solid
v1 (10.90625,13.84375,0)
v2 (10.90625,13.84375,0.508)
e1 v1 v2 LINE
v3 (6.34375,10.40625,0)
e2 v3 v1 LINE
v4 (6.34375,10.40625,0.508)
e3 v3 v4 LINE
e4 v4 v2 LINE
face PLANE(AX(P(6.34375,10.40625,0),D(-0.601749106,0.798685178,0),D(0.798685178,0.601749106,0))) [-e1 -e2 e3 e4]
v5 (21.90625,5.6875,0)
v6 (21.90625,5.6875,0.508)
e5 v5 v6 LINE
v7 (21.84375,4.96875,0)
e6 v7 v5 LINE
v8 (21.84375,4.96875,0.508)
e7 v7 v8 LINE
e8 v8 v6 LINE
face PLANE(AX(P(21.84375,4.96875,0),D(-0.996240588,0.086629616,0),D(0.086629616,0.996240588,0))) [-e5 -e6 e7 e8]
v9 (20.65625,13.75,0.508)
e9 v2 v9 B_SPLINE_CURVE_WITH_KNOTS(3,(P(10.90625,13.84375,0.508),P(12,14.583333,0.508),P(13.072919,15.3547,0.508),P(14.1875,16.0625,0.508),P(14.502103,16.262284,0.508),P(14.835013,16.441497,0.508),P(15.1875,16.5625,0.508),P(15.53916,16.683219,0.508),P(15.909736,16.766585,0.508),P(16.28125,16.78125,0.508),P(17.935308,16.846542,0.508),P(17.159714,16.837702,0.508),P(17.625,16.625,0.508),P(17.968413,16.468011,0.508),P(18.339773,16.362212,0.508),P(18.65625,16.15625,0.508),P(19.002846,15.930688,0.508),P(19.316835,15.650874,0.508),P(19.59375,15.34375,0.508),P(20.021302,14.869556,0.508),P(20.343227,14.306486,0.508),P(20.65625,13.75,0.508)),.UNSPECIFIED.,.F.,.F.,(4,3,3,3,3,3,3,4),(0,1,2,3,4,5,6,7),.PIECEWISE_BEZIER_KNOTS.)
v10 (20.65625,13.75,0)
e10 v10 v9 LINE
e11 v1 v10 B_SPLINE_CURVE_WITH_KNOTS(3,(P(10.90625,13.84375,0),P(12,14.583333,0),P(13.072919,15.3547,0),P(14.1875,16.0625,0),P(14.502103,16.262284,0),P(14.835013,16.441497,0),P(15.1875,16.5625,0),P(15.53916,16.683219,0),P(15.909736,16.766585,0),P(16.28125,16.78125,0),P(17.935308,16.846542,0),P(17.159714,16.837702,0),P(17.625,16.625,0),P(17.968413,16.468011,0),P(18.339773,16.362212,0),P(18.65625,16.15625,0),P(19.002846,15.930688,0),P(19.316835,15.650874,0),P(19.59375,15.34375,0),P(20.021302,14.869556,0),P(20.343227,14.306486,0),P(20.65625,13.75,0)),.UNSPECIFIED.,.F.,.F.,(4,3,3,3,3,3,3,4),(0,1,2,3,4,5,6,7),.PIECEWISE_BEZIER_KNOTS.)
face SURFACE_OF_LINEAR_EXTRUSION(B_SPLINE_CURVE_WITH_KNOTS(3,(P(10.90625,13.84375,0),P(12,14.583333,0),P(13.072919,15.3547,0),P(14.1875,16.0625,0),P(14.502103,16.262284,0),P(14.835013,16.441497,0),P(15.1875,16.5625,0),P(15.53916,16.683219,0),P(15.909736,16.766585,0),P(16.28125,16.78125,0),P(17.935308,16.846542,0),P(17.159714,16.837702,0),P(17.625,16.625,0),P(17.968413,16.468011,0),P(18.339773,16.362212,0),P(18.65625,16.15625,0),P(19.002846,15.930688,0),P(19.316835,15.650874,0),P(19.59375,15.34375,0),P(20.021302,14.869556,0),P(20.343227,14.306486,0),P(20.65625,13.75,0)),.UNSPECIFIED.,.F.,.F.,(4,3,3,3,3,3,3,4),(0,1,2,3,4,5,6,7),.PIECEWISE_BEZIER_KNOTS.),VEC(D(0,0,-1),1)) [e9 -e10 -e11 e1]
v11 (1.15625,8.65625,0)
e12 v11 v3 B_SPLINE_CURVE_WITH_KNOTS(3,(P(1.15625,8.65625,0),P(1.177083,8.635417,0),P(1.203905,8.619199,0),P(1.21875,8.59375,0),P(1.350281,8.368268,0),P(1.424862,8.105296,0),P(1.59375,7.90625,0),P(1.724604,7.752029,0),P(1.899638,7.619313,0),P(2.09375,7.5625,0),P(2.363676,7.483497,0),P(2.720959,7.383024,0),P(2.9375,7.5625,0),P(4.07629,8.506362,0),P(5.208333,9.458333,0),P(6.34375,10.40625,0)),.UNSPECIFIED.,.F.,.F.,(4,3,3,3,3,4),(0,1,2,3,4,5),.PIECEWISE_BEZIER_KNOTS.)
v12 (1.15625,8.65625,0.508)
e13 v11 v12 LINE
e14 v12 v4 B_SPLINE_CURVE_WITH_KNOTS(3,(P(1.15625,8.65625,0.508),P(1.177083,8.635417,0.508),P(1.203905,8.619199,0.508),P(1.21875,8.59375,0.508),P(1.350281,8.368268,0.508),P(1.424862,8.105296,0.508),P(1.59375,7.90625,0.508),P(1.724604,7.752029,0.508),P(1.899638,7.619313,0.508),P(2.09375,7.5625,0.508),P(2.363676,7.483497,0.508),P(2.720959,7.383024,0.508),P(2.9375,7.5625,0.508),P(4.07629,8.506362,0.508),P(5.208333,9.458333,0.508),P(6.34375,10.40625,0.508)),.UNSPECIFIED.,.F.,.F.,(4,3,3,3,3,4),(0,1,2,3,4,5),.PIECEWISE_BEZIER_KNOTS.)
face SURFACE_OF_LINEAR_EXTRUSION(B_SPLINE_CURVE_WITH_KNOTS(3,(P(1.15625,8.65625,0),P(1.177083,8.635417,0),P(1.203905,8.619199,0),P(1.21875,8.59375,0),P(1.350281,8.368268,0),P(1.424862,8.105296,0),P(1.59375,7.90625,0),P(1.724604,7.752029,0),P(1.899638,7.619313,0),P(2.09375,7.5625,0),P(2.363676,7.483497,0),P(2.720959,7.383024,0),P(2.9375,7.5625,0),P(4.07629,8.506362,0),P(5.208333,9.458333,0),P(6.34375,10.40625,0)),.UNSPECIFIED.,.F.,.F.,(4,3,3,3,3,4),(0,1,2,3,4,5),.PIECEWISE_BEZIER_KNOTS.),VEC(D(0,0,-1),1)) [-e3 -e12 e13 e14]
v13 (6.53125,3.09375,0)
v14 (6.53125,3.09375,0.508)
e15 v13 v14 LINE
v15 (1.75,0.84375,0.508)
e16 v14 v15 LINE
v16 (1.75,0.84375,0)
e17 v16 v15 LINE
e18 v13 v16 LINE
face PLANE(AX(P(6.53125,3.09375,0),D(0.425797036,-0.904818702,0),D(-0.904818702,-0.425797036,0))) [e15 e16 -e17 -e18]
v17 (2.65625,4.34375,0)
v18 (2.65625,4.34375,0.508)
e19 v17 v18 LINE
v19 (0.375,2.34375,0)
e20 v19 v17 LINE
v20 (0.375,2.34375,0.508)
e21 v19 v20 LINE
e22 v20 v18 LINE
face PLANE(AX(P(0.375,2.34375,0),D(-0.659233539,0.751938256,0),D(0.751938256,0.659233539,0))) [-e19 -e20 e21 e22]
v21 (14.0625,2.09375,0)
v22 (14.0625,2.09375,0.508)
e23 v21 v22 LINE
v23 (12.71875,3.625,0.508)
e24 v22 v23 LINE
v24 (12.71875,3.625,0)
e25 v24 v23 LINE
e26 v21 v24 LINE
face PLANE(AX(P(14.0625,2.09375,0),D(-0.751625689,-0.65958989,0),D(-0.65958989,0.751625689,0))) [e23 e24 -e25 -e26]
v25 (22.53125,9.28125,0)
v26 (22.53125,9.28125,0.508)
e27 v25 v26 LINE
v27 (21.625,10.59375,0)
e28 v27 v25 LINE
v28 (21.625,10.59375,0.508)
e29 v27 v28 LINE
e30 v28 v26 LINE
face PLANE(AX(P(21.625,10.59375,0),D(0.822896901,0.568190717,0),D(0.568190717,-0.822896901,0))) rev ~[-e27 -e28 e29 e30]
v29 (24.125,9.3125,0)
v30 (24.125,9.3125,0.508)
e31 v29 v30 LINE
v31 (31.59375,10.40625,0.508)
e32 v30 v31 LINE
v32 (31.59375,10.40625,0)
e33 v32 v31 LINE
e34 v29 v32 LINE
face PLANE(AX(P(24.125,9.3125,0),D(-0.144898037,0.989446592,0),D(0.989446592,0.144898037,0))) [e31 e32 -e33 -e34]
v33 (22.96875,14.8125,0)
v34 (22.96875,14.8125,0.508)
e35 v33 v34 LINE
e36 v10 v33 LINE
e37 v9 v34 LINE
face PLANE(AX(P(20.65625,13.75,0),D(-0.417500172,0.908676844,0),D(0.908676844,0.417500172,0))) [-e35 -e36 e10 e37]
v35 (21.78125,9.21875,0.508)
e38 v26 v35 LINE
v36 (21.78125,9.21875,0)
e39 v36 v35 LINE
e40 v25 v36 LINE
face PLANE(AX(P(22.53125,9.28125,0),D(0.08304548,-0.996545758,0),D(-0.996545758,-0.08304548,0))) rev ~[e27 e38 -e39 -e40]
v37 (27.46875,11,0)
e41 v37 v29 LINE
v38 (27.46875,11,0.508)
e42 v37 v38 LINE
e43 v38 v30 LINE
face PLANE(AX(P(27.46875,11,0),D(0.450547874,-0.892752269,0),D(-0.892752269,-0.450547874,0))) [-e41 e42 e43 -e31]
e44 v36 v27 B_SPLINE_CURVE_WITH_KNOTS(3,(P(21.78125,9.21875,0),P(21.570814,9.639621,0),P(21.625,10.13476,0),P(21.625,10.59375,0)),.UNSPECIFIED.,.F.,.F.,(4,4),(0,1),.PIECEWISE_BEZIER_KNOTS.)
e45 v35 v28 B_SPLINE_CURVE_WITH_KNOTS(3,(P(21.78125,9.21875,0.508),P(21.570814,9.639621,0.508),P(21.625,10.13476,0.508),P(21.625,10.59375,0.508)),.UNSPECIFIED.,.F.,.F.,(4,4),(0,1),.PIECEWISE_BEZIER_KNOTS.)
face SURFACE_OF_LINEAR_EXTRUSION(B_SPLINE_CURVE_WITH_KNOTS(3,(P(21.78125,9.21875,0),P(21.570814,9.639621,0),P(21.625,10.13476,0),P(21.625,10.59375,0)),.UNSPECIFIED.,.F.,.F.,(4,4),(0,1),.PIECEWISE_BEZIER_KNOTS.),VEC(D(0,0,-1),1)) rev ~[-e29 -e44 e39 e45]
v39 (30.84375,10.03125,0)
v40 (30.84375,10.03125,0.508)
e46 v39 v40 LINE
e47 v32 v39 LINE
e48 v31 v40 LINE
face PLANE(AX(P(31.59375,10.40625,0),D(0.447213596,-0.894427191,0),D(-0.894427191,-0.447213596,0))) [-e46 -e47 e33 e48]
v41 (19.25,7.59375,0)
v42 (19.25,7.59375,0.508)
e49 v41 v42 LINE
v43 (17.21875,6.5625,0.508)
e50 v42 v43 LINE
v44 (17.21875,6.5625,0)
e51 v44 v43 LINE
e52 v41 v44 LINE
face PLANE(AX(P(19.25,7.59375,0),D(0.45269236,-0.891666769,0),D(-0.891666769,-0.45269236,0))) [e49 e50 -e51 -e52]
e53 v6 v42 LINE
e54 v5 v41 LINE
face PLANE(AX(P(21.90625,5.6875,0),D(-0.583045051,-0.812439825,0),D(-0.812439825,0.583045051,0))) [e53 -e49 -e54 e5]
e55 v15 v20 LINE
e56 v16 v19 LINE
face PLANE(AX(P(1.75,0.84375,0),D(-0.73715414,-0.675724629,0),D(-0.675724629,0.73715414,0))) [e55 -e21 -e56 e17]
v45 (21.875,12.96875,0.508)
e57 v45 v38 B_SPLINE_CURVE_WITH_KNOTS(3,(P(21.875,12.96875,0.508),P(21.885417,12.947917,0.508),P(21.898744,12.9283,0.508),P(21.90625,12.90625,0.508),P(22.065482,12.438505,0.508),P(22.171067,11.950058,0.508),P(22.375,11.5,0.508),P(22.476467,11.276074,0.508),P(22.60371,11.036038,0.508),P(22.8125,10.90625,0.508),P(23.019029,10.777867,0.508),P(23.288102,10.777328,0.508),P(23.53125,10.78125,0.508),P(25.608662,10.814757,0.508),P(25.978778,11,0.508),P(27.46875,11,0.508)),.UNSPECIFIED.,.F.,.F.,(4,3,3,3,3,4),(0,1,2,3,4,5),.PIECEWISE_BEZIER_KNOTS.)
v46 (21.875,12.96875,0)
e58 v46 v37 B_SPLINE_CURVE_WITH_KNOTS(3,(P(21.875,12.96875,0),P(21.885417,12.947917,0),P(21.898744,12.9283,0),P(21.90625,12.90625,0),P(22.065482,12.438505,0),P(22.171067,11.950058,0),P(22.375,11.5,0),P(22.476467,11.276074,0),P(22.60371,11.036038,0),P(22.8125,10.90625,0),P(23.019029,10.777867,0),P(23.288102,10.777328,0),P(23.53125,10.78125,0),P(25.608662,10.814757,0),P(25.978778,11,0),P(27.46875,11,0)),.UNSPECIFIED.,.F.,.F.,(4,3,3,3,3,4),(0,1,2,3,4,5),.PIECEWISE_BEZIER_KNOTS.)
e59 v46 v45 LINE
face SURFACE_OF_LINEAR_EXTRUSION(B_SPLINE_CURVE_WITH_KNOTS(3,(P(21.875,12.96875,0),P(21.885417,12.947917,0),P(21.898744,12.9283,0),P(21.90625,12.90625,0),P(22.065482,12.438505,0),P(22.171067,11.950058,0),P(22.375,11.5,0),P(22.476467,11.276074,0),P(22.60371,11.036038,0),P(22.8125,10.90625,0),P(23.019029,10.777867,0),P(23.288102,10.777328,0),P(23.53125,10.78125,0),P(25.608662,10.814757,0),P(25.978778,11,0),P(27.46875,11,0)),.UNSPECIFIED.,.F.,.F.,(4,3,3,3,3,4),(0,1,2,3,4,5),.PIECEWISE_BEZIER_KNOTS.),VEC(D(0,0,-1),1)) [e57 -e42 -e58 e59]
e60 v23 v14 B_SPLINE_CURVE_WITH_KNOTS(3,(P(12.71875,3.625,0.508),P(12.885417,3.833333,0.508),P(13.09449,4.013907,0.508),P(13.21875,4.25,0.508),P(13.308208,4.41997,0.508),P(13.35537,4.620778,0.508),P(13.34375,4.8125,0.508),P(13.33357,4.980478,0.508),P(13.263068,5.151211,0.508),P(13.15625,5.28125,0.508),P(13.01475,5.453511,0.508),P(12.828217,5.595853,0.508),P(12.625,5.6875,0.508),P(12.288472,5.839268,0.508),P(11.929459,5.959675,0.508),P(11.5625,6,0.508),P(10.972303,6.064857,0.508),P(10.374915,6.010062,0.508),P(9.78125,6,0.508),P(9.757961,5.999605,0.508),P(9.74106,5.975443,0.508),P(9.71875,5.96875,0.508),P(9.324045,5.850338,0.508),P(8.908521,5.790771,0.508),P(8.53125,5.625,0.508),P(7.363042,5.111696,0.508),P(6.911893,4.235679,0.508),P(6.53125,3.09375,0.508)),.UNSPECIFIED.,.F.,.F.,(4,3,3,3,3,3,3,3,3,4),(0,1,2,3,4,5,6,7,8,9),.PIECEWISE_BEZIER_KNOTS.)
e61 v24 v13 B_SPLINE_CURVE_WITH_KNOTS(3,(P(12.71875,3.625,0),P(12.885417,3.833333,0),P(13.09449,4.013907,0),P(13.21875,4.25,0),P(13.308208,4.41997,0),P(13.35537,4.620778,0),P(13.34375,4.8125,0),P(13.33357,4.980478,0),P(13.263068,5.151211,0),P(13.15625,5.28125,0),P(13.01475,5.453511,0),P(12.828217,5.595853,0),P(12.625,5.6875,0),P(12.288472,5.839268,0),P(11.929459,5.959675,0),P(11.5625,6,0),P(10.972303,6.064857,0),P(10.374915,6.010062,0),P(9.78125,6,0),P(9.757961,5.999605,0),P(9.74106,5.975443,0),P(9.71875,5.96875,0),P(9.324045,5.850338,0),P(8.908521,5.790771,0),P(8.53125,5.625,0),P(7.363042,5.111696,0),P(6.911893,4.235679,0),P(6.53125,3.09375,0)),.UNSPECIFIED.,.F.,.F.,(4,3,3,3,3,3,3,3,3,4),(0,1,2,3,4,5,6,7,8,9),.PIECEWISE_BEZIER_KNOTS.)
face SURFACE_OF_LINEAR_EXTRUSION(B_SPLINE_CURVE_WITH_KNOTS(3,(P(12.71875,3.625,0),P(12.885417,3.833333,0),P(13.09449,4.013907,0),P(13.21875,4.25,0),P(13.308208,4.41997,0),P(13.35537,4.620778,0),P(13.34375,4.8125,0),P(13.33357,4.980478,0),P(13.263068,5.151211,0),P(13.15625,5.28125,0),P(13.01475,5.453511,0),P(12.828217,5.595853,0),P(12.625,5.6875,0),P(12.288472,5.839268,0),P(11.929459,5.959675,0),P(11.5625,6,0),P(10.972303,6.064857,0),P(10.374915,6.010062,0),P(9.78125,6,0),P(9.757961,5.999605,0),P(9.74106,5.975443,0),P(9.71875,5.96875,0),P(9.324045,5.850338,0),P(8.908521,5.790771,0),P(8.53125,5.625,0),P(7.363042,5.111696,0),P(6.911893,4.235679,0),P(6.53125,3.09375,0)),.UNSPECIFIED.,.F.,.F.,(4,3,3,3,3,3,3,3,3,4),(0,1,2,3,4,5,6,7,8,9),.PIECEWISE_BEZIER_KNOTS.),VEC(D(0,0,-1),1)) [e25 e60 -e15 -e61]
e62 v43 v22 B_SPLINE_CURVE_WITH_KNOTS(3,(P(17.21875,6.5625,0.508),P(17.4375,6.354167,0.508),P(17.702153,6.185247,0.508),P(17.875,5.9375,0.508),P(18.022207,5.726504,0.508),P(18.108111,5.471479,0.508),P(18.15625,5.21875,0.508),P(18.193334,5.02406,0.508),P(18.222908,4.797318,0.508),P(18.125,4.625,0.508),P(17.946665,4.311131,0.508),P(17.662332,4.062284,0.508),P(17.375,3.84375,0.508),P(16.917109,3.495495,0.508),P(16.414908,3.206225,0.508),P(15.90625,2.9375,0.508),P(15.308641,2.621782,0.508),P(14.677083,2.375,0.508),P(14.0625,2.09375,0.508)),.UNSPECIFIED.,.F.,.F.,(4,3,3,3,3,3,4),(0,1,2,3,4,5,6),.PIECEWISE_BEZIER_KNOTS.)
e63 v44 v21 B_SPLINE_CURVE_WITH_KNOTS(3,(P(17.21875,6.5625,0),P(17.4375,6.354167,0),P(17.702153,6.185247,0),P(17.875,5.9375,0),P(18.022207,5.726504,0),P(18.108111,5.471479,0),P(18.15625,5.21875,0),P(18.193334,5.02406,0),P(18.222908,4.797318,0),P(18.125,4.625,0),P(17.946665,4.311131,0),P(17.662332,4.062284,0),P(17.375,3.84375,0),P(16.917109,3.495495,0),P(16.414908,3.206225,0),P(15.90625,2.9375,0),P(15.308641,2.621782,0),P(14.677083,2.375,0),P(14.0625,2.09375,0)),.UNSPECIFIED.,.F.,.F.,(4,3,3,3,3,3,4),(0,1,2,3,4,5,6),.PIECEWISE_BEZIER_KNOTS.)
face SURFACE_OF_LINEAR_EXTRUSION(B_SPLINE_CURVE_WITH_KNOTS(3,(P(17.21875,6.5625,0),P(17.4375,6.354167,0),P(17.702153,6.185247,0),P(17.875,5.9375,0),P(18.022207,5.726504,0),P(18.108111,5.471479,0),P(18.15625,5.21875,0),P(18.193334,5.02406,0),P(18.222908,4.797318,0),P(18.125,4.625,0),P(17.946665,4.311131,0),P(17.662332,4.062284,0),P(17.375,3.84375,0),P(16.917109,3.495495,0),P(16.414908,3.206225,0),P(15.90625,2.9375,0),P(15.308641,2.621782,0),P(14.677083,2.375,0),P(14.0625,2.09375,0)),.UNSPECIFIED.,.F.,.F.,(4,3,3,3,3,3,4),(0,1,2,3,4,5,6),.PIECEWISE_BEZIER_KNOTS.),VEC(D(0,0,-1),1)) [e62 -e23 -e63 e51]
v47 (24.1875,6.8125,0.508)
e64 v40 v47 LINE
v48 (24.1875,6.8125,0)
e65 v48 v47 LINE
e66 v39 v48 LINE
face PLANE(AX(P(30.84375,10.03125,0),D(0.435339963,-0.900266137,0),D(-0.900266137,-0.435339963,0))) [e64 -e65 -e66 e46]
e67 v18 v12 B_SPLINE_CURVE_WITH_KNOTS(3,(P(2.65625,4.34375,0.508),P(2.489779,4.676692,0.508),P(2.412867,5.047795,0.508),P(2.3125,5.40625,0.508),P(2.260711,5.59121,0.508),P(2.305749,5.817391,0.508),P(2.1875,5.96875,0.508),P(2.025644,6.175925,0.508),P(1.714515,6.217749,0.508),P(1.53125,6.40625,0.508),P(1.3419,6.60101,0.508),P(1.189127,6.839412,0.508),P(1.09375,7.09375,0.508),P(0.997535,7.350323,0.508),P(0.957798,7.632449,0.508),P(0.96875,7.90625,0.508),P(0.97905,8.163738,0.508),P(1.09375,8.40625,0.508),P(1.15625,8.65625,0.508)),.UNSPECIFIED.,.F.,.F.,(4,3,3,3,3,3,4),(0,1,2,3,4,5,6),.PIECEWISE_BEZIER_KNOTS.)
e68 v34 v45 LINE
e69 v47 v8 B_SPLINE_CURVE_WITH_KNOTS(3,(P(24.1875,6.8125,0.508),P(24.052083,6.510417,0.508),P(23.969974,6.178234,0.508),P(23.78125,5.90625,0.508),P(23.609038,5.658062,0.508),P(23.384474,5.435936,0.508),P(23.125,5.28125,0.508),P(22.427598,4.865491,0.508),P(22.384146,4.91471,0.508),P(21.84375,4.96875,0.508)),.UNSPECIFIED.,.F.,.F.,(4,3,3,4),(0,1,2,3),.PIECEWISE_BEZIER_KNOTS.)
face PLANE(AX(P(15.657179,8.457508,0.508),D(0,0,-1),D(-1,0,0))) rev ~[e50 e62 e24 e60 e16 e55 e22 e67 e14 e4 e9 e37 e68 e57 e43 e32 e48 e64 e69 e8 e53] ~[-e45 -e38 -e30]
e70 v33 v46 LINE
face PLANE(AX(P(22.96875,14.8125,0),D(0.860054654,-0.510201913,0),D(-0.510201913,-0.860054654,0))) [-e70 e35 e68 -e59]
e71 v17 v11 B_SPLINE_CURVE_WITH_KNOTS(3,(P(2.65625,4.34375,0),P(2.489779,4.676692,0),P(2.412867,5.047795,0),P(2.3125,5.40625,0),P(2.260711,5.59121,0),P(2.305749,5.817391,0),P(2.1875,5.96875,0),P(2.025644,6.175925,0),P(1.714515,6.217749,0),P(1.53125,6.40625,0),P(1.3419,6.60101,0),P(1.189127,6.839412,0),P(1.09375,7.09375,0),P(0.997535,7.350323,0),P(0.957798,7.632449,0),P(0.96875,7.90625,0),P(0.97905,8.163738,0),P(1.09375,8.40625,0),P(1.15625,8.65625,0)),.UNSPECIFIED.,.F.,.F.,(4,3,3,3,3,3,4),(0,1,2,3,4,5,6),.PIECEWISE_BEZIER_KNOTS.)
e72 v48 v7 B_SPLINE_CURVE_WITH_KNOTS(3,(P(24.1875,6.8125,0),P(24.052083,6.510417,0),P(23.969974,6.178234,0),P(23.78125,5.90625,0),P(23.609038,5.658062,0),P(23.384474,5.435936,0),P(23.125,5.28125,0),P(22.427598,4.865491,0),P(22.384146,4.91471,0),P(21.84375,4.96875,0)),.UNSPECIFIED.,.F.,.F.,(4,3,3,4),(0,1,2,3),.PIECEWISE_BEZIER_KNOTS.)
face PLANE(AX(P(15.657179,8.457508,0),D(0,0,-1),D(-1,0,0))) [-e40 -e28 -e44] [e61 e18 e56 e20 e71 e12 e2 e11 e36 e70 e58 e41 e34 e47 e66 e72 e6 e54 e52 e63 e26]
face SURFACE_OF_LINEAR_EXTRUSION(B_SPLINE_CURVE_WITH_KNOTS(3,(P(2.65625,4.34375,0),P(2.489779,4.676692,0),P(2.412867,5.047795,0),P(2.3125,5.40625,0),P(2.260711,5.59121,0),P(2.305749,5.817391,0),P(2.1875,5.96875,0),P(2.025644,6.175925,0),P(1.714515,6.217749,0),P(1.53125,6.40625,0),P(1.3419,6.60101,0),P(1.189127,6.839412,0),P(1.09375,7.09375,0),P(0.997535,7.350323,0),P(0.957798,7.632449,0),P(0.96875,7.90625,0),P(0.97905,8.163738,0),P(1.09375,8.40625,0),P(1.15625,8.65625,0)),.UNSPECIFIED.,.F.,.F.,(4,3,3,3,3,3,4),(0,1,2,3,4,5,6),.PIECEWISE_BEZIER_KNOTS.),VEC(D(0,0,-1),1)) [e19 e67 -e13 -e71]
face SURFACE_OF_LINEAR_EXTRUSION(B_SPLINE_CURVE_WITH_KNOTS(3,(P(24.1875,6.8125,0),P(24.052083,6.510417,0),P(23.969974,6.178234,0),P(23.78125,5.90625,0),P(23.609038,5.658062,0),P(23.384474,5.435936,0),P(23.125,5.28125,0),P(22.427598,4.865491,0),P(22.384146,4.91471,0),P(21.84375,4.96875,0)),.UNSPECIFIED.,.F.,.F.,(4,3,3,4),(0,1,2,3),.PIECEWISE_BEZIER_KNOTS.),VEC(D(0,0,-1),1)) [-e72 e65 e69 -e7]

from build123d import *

# Parameters (mm, degrees)
BOSS_EXTRUDE2_DEPTH = 0.508


with BuildPart() as part:
    # Sketch1 → Boss-Extrude2 (new body)
    with BuildSketch(Plane.XY):
        with BuildLine():
            add(Edge.make_bspline(
                [(2.65625, 4.34375), (2.48977876, 4.676692479), (2.412867315, 5.047795303), (2.3125, 5.40625), (2.260711144, 5.5912102), (2.305749117, 5.81739113), (2.1875, 5.96875), (2.025644238, 6.175925375), (1.714515242, 6.217748608), (1.53125, 6.40625), (1.341900203, 6.601009792), (1.189126866, 6.839411691), (1.09375, 7.09375), (0.997535254, 7.350322657), (0.957797969, 7.632449236), (0.96875, 7.90625), (0.979049528, 8.163738193), (1.09375, 8.40625), (1.15625, 8.65625)],
                knots=[0, 0, 0, 0, 1, 1, 1, 2, 2, 2, 3, 3, 3, 4, 4, 4, 5, 5, 5, 6, 6, 6, 6], degree=3))
            add(Edge.make_bspline(
                [(1.15625, 8.65625), (1.177083333, 8.635416667), (1.203904558, 8.61919933), (1.21875, 8.59375), (1.350280955, 8.368268362), (1.424862413, 8.105296085), (1.59375, 7.90625), (1.724604477, 7.752028653), (1.899638232, 7.6193132), (2.09375, 7.5625), (2.363676146, 7.483497226), (2.720958822, 7.383024429), (2.9375, 7.5625), (4.076289716, 8.506361747), (5.208333333, 9.458333333), (6.34375, 10.40625)],
                knots=[0, 0, 0, 0, 1, 1, 1, 2, 2, 2, 3, 3, 3, 4, 4, 4, 5, 5, 5, 5], degree=3))
            Line((6.34375, 10.40625), (10.90625, 13.84375))
            add(Edge.make_bspline(
                [(10.90625, 13.84375), (12, 14.583333333), (13.07291853, 15.354700088), (14.1875, 16.0625), (14.502103045, 16.262284416), (14.835012901, 16.441496966), (15.1875, 16.5625), (15.539159987, 16.6832191), (15.909735823, 16.766584967), (16.28125, 16.78125), (17.935308389, 16.846541779), (17.159713529, 16.837702387), (17.625, 16.625), (17.968413184, 16.468011116), (18.339772547, 16.362211517), (18.65625, 16.15625), (19.002845723, 15.930687704), (19.316835055, 15.650873848), (19.59375, 15.34375), (20.021301944, 14.869556026), (20.343226514, 14.306486197), (20.65625, 13.75)],
                knots=[0, 0, 0, 0, 1, 1, 1, 2, 2, 2, 3, 3, 3, 4, 4, 4, 5, 5, 5, 6, 6, 6, 7, 7, 7, 7], degree=3))
            Line((20.65625, 13.75), (22.96875, 14.8125))
            Line((22.96875, 14.8125), (21.875, 12.96875))
            add(Edge.make_bspline(
                [(21.875, 12.96875), (21.885416667, 12.947916667), (21.898743711, 12.928299724), (21.90625, 12.90625), (22.065482439, 12.438504711), (22.171067492, 11.950057949), (22.375, 11.5), (22.476466528, 11.27607387), (22.60370986, 11.036038465), (22.8125, 10.90625), (23.019028808, 10.777867228), (23.288102093, 10.77732826), (23.53125, 10.78125), (25.608662384, 10.814756651), (25.978778222, 11), (27.46875, 11)],
                knots=[0, 0, 0, 0, 1, 1, 1, 2, 2, 2, 3, 3, 3, 4, 4, 4, 5, 5, 5, 5], degree=3))
            Line((27.46875, 11), (24.125, 9.3125))
            Line((24.125, 9.3125), (31.59375, 10.40625))
            Line((31.59375, 10.40625), (30.84375, 10.03125))
            Line((30.84375, 10.03125), (24.1875, 6.8125))
            add(Edge.make_bspline(
                [(24.1875, 6.8125), (24.052083333, 6.510416667), (23.969973698, 6.178234153), (23.78125, 5.90625), (23.609037866, 5.658061924), (23.384473565, 5.435936164), (23.125, 5.28125), (22.427598099, 4.865491174), (22.384146393, 4.914710361), (21.84375, 4.96875)],
                knots=[0, 0, 0, 0, 1, 1, 1, 2, 2, 2, 3, 3, 3, 3], degree=3))
            Line((21.84375, 4.96875), (21.90625, 5.6875))
            Line((21.90625, 5.6875), (19.25, 7.59375))
            Line((19.25, 7.59375), (17.21875, 6.5625))
            add(Edge.make_bspline(
                [(17.21875, 6.5625), (17.4375, 6.354166667), (17.702153476, 6.185246684), (17.875, 5.9375), (18.022206697, 5.726503734), (18.108111165, 5.471478884), (18.15625, 5.21875), (18.193333861, 5.02405973), (18.222908021, 4.797318117), (18.125, 4.625), (17.94666545, 4.311131192), (17.662331963, 4.062284169), (17.375, 3.84375), (16.917108738, 3.495494674), (16.41490808, 3.206225023), (15.90625, 2.9375), (15.308641074, 2.621782077), (14.677083333, 2.375), (14.0625, 2.09375)],
                knots=[0, 0, 0, 0, 1, 1, 1, 2, 2, 2, 3, 3, 3, 4, 4, 4, 5, 5, 5, 6, 6, 6, 6], degree=3))
            Line((14.0625, 2.09375), (12.71875, 3.625))
            add(Edge.make_bspline(
                [(12.71875, 3.625), (12.885416667, 3.833333333), (13.094490322, 4.013906612), (13.21875, 4.25), (13.308207707, 4.419969644), (13.355369519, 4.620777941), (13.34375, 4.8125), (13.333569504, 4.980478183), (13.263068013, 5.15121068), (13.15625, 5.28125), (13.014749824, 5.453511083), (12.828216756, 5.595853228), (12.625, 5.6875), (12.288471698, 5.839267666), (11.92945859, 5.95967488), (11.5625, 6), (10.972302868, 6.064856828), (10.374914734, 6.010062114), (9.78125, 6), (9.75796097, 5.999605271), (9.741060049, 5.975443015), (9.71875, 5.96875), (9.324044945, 5.850338483), (8.90852108, 5.790770626), (8.53125, 5.625), (7.363041987, 5.111696479), (6.911893138, 4.235679413), (6.53125, 3.09375)],
                knots=[0, 0, 0, 0, 1, 1, 1, 2, 2, 2, 3, 3, 3, 4, 4, 4, 5, 5, 5, 6, 6, 6, 7, 7, 7, 8, 8, 8, 9, 9, 9, 9], degree=3))
            Line((6.53125, 3.09375), (1.75, 0.84375))
            Line((1.75, 0.84375), (0.375, 2.34375))
            Line((0.375, 2.34375), (2.65625, 4.34375))
        make_face()
        with BuildLine():
            Line((22.53125, 9.28125), (21.78125, 9.21875))
            add(Edge.make_bspline(
                [(21.78125, 9.21875), (21.570814417, 9.639621166), (21.625, 10.134759638), (21.625, 10.59375)],
                knots=[0, 0, 0, 0, 1, 1, 1, 1], degree=3))
            Line((21.625, 10.59375), (22.53125, 9.28125))
        make_face(mode=Mode.SUBTRACT)
    extrude(amount=BOSS_EXTRUDE2_DEPTH)


solid = part.part
